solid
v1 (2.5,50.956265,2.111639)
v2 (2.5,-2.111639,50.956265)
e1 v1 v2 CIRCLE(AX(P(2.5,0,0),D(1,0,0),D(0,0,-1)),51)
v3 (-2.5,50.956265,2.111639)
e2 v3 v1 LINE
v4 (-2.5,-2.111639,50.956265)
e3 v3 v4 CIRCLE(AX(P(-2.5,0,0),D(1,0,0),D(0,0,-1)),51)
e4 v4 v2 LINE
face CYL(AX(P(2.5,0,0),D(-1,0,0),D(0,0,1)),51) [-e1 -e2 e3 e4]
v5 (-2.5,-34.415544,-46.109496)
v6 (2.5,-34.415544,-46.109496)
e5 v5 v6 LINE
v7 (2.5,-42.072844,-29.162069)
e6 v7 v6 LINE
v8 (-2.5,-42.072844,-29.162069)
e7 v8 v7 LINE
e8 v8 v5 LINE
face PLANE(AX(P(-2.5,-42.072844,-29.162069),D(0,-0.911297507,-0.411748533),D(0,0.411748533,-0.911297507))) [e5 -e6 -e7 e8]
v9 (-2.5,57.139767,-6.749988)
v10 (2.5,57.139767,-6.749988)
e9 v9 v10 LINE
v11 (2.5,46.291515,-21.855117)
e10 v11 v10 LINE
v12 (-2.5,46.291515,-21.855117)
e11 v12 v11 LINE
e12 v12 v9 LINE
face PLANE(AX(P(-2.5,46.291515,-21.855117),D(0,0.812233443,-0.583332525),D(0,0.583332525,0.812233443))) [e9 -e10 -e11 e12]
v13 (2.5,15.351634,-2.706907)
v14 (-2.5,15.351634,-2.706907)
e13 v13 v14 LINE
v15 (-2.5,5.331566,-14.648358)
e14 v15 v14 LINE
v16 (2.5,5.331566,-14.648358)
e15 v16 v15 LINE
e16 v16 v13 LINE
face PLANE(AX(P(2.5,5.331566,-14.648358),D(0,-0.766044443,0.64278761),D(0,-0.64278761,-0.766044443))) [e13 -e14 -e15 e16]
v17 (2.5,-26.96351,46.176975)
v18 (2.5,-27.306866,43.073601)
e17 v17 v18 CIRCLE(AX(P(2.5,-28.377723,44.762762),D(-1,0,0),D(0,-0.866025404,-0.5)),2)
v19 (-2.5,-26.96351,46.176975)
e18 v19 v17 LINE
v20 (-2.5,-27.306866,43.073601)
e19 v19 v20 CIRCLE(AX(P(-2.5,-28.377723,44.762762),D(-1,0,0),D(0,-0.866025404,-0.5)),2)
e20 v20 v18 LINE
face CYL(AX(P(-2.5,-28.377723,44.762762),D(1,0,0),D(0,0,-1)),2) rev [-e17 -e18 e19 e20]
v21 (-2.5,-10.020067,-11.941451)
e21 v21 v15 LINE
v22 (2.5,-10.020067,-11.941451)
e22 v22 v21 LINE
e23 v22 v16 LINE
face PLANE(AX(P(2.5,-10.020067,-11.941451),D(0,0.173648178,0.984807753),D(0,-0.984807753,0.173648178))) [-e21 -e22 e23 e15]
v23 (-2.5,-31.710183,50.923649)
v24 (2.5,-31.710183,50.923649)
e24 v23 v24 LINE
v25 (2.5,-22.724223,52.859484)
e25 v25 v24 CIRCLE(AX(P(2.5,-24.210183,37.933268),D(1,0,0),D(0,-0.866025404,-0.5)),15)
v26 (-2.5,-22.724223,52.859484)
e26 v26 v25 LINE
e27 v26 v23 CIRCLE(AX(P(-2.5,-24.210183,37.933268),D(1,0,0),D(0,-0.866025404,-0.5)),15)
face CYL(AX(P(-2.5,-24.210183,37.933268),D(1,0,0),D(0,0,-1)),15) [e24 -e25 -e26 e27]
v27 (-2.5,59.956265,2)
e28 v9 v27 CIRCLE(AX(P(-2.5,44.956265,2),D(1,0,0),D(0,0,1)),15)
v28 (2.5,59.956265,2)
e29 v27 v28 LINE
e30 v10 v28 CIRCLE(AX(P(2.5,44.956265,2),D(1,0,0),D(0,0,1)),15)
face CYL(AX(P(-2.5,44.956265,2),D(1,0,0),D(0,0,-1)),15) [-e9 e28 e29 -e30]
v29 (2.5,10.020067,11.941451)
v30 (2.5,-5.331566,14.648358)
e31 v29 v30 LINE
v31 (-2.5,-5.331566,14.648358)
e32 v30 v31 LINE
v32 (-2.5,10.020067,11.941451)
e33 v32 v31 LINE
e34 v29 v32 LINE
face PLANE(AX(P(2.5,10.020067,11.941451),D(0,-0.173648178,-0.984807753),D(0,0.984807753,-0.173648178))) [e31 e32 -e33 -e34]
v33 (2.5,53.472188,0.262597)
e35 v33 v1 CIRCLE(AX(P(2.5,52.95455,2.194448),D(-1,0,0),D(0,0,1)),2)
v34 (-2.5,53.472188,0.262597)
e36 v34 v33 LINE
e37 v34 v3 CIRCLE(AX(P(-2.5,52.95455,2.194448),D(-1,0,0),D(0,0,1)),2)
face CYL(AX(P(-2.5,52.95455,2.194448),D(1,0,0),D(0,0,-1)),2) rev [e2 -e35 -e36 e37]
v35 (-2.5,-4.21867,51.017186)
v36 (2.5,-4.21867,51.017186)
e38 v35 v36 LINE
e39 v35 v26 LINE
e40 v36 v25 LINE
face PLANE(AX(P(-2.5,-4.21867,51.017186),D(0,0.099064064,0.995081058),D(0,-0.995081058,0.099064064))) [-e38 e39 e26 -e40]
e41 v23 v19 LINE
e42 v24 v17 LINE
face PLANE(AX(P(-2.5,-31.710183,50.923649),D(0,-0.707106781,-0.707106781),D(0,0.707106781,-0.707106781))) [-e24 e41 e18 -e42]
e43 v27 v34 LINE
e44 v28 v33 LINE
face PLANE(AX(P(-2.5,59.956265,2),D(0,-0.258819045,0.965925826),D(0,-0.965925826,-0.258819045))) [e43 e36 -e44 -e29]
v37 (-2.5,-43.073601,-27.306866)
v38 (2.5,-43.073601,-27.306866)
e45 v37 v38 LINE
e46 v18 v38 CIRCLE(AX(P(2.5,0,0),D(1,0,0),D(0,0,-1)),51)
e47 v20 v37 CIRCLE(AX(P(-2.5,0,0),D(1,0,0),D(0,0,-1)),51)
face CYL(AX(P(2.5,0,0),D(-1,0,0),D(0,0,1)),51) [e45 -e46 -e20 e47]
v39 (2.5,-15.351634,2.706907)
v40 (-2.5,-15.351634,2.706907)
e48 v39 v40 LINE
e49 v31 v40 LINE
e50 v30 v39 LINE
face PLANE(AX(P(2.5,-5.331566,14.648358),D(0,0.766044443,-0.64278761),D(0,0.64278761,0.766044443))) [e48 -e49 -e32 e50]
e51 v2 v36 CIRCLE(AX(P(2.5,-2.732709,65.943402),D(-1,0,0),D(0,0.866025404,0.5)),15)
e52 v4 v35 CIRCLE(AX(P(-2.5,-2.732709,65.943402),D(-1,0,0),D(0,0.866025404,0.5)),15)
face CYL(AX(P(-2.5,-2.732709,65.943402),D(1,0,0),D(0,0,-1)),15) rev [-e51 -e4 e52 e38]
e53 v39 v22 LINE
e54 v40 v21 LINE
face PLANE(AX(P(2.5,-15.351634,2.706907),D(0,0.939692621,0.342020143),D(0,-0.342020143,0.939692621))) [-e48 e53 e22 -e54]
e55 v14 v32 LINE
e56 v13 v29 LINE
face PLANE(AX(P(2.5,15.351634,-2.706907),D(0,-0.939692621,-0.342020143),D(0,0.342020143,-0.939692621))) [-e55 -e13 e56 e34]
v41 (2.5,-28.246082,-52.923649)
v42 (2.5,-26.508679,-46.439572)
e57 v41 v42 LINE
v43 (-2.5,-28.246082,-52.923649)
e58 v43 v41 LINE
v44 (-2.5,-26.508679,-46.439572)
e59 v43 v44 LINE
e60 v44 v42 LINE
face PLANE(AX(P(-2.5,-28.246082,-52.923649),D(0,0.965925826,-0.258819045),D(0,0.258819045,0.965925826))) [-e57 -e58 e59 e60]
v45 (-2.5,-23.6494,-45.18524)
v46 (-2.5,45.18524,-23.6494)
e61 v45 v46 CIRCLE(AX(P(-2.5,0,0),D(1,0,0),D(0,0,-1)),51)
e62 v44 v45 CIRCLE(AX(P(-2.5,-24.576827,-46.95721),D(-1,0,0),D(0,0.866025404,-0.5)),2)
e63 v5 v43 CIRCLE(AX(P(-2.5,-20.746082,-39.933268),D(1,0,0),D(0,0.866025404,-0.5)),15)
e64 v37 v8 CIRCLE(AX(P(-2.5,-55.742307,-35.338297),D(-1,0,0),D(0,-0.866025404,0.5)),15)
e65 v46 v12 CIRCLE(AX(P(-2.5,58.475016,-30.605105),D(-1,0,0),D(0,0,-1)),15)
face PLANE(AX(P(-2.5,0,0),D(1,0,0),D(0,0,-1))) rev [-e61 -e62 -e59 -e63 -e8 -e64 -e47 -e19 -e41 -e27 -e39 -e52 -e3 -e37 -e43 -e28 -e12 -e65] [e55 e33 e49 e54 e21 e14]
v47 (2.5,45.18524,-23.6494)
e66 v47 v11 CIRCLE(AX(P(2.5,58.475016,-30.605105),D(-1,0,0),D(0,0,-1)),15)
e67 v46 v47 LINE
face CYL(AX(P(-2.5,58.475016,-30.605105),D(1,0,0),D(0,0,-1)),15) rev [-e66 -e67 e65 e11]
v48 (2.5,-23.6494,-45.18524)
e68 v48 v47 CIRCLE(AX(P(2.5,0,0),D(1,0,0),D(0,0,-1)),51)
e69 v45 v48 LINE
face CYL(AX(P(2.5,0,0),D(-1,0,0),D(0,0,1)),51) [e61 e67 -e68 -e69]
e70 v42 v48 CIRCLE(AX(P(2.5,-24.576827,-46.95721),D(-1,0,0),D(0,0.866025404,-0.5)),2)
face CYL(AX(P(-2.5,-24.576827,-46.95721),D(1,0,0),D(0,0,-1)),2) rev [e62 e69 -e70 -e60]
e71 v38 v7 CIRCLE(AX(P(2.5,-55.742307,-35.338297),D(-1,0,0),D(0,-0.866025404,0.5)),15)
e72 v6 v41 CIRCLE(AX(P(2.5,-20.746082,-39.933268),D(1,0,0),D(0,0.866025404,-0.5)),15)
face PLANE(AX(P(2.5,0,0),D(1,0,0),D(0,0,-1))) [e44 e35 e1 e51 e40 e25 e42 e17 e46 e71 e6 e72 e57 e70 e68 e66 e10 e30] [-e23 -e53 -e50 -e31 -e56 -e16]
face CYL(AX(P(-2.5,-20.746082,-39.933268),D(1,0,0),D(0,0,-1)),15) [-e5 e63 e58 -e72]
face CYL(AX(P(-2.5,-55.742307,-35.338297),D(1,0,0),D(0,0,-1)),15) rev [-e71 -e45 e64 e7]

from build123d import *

# Parameters (mm, degrees)
SKETCH1_R         = 51
EXTRUDE1_DEPTH    = 2.5
EXTRUDE2_DEPTH    = 2.5
CIRPATTERN1_COUNT = 3


with BuildPart() as part:
    # Sketch1 → Extrude1 (new, symmetric)
    with BuildSketch(Plane(origin=(0, 0, 0), x_dir=(0, 0, -1), z_dir=(1, 0, 0))):
        Circle(SKETCH1_R)
        Polygon((14.648358264, 5.331566389), (2.706907197, 15.351633575), (-11.941451067, 10.020067186), (-14.648358264, -5.331566389), (-2.706907197, -15.351633575), (11.941451067, -10.020067186), align=None, mode=Mode.SUBTRACT)
    extrude(amount=EXTRUDE1_DEPTH, both=True)

    # Sketch2 → Extrude2 (add, symmetric)
    with BuildSketch(Plane(origin=(0, 0, 0), x_dir=(0, 0, -1), z_dir=(1, 0, 0))):
        with BuildLine():
            Line((-2, 59.956265369), (-0.262596806, 53.472188376))
            ThreePointArc((-0.262596806, 53.472188376), (-0.582870999, 51.770144067), (-2.111639083, 50.956265369))
            ThreePointArc((-2.111639083, 50.956265369), (11.148765219, 49.766505142), (23.649399595, 45.185239833))
            ThreePointArc((23.649399595, 45.185239833), (22.732801751, 45.706819988), (21.855117489, 46.291514612))
            Line((21.855117489, 46.291514612), (6.74998787, 57.139767012))
            ThreePointArc((6.74998787, 57.139767012), (2.596056753, 59.234789884), (-2, 59.956265369))
        make_face()
    extrude2 = extrude(amount=EXTRUDE2_DEPTH, both=True)

    # CirPattern1: Extrude2 ×3 about axis
    cirpattern1_axis = Axis((-5.5, 0, 0), (1, 0, 0))
    for i in range(1, CIRPATTERN1_COUNT):
        add(extrude2.rotate(cirpattern1_axis, i * 360 / CIRPATTERN1_COUNT))


solid = part.part
